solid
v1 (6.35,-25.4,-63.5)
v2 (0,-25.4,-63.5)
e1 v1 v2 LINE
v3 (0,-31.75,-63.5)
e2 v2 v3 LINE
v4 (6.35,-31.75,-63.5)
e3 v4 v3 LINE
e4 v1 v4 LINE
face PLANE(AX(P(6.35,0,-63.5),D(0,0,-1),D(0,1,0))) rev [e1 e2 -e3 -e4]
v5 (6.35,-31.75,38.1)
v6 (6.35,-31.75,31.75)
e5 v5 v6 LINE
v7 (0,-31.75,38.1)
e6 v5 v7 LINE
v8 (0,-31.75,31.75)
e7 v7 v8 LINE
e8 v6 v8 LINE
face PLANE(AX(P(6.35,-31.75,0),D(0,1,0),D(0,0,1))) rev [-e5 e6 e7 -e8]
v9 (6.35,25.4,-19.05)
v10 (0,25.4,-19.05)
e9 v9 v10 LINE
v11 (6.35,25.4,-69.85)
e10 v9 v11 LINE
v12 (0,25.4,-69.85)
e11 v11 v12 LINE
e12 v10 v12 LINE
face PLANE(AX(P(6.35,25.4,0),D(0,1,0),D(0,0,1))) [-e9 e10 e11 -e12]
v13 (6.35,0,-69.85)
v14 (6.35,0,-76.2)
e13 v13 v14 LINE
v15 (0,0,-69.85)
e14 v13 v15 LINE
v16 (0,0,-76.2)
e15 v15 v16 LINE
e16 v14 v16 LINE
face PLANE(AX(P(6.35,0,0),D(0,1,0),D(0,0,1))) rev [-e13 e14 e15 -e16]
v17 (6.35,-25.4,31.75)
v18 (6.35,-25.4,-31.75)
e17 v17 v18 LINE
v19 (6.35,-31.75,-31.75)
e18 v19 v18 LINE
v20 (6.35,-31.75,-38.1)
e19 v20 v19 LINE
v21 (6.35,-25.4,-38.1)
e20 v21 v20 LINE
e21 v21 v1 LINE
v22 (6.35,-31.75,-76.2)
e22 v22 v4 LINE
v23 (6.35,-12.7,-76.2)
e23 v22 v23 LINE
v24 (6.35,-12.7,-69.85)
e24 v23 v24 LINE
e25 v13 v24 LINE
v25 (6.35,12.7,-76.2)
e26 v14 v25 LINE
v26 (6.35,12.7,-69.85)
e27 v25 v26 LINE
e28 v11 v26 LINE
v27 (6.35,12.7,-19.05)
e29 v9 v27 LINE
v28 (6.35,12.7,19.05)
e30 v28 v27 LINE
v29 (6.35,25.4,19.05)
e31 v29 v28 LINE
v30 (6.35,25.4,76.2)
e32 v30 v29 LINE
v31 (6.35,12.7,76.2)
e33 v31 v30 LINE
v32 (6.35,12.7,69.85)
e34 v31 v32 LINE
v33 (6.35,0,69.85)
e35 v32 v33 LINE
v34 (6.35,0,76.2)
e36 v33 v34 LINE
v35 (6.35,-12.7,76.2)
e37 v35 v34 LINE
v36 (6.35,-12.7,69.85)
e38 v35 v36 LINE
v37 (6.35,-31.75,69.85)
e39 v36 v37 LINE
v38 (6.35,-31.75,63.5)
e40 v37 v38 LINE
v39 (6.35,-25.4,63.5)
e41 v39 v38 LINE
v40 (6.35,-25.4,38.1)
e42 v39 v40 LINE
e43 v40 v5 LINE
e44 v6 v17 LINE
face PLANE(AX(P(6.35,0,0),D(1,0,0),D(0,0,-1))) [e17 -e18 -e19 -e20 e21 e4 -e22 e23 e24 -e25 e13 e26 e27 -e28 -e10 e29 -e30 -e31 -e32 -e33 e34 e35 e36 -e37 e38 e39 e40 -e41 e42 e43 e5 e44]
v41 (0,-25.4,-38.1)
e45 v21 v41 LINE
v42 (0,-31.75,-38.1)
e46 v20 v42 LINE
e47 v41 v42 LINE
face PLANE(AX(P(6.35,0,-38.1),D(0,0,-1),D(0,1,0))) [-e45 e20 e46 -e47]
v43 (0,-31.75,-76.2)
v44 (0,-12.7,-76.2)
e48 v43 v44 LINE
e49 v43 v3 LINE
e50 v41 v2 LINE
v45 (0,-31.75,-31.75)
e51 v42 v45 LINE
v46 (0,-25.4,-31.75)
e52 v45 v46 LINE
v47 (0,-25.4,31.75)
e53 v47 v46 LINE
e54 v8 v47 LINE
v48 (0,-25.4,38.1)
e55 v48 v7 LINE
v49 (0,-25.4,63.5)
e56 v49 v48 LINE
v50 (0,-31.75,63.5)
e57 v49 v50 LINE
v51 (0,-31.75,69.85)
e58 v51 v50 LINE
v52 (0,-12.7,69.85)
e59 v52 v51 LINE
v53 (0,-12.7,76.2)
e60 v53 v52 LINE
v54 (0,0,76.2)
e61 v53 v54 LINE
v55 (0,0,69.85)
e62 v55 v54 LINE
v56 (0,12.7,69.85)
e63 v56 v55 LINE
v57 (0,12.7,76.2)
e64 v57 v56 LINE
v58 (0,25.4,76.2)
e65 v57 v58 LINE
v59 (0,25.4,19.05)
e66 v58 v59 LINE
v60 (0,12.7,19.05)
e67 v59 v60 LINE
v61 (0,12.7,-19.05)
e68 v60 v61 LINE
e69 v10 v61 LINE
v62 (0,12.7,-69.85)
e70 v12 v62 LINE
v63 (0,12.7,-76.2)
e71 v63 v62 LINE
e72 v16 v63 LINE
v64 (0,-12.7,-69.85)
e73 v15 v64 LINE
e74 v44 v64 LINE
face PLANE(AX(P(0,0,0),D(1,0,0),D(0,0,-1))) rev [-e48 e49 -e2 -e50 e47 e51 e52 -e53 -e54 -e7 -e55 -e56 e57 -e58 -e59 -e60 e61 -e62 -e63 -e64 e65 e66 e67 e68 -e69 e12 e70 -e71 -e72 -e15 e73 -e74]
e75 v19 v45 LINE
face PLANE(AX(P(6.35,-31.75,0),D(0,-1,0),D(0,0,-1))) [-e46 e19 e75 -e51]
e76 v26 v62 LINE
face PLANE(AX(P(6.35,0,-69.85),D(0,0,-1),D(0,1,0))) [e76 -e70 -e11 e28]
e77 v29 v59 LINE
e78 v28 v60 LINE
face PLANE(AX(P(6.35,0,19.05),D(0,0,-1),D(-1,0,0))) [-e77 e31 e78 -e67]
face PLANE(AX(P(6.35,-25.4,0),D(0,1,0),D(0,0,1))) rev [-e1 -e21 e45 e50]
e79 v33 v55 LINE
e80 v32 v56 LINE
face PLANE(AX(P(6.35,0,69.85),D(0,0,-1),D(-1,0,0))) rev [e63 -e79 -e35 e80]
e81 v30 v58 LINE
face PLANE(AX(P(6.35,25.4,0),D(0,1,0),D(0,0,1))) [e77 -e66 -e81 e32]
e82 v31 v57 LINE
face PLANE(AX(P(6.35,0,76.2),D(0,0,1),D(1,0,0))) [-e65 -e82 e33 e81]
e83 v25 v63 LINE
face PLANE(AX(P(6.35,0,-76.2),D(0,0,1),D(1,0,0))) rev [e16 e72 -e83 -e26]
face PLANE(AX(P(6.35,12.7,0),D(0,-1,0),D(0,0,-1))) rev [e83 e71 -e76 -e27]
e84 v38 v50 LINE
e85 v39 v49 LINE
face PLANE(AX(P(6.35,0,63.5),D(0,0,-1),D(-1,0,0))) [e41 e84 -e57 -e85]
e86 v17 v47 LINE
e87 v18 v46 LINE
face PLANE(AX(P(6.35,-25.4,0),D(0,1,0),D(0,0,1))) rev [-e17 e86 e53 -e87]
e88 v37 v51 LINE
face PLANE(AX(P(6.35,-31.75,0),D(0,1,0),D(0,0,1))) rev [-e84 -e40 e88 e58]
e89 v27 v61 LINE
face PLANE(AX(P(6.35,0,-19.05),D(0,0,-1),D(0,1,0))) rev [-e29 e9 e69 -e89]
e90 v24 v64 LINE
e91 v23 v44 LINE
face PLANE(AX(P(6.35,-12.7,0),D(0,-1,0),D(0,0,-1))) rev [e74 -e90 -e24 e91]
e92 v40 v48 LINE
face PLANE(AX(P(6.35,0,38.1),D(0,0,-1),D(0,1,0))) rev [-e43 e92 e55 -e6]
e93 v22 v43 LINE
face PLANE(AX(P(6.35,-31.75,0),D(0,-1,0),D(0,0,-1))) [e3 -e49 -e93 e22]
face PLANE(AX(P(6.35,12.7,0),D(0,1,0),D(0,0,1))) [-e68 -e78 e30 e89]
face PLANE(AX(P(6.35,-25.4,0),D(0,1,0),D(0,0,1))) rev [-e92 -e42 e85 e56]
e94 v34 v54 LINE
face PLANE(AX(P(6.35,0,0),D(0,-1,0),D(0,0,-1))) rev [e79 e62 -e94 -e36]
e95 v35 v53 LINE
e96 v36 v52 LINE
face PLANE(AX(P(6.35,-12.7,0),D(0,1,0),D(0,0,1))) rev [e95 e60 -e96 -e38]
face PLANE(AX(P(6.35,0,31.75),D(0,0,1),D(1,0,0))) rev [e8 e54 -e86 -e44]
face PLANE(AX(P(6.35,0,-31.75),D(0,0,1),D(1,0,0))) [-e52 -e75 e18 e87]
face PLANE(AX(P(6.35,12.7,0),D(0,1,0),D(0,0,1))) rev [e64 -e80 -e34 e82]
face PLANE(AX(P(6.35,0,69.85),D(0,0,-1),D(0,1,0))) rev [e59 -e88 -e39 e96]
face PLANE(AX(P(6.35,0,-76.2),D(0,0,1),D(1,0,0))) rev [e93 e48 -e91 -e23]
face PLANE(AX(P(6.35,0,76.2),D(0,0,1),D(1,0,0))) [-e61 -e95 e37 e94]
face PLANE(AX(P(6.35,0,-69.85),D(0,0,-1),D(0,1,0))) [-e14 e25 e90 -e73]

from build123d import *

# Parameters (mm, degrees)
BOSS_EXTRUDE1_DEPTH = 6.35
SKETCH1_4_W         = 6.35
SKETCH1_4_H         = 6.35
BOSS_EXTRUDE2_DEPTH = 6.35


with BuildPart() as part:
    # Sketch1 → Boss-Extrude1 (new body)
    with BuildSketch(Plane(origin=(0, 0, 0), x_dir=(0, 0, -1), z_dir=(1, 0, 0))):
        Polygon((-76.2, 25.4), (-76.2, 12.7), (-69.85, 12.7), (-69.85, 0), (-76.2, 0), (-76.2, -12.7), (-69.85, -12.7), (-69.85, -31.75), (-63.5, -31.75), (-63.5, -25.4), (-38.1, -25.4), (-38.1, -31.75), (-31.75, -31.75), (-31.75, -25.4), (31.75, -25.4), (31.75, -31.75), (38.1, -31.75), (38.1, -25.4), (63.5, -25.4), (63.5, -31.75), (69.85, -31.75), (69.85, -25.4), (76.2, -25.4), (76.2, -12.7), (69.85, -12.7), (69.85, 0), (76.2, 0), (76.2, 12.7), (69.85, 12.7), (69.85, 25.4), (19.05, 25.4), (19.05, 12.7), (-19.05, 12.7), (-19.05, 25.4), align=None)
    extrude(amount=BOSS_EXTRUDE1_DEPTH)

    # Sketch1<4> → Boss-Extrude2 (add)
    with BuildSketch(Plane(origin=(0, 0, 0), x_dir=(0, 0, -1), z_dir=(1, 0, 0))):
        with Locations((73.025, -28.575)):
            Rectangle(SKETCH1_4_W, SKETCH1_4_H)
    extrude(amount=BOSS_EXTRUDE2_DEPTH)


solid = part.part
